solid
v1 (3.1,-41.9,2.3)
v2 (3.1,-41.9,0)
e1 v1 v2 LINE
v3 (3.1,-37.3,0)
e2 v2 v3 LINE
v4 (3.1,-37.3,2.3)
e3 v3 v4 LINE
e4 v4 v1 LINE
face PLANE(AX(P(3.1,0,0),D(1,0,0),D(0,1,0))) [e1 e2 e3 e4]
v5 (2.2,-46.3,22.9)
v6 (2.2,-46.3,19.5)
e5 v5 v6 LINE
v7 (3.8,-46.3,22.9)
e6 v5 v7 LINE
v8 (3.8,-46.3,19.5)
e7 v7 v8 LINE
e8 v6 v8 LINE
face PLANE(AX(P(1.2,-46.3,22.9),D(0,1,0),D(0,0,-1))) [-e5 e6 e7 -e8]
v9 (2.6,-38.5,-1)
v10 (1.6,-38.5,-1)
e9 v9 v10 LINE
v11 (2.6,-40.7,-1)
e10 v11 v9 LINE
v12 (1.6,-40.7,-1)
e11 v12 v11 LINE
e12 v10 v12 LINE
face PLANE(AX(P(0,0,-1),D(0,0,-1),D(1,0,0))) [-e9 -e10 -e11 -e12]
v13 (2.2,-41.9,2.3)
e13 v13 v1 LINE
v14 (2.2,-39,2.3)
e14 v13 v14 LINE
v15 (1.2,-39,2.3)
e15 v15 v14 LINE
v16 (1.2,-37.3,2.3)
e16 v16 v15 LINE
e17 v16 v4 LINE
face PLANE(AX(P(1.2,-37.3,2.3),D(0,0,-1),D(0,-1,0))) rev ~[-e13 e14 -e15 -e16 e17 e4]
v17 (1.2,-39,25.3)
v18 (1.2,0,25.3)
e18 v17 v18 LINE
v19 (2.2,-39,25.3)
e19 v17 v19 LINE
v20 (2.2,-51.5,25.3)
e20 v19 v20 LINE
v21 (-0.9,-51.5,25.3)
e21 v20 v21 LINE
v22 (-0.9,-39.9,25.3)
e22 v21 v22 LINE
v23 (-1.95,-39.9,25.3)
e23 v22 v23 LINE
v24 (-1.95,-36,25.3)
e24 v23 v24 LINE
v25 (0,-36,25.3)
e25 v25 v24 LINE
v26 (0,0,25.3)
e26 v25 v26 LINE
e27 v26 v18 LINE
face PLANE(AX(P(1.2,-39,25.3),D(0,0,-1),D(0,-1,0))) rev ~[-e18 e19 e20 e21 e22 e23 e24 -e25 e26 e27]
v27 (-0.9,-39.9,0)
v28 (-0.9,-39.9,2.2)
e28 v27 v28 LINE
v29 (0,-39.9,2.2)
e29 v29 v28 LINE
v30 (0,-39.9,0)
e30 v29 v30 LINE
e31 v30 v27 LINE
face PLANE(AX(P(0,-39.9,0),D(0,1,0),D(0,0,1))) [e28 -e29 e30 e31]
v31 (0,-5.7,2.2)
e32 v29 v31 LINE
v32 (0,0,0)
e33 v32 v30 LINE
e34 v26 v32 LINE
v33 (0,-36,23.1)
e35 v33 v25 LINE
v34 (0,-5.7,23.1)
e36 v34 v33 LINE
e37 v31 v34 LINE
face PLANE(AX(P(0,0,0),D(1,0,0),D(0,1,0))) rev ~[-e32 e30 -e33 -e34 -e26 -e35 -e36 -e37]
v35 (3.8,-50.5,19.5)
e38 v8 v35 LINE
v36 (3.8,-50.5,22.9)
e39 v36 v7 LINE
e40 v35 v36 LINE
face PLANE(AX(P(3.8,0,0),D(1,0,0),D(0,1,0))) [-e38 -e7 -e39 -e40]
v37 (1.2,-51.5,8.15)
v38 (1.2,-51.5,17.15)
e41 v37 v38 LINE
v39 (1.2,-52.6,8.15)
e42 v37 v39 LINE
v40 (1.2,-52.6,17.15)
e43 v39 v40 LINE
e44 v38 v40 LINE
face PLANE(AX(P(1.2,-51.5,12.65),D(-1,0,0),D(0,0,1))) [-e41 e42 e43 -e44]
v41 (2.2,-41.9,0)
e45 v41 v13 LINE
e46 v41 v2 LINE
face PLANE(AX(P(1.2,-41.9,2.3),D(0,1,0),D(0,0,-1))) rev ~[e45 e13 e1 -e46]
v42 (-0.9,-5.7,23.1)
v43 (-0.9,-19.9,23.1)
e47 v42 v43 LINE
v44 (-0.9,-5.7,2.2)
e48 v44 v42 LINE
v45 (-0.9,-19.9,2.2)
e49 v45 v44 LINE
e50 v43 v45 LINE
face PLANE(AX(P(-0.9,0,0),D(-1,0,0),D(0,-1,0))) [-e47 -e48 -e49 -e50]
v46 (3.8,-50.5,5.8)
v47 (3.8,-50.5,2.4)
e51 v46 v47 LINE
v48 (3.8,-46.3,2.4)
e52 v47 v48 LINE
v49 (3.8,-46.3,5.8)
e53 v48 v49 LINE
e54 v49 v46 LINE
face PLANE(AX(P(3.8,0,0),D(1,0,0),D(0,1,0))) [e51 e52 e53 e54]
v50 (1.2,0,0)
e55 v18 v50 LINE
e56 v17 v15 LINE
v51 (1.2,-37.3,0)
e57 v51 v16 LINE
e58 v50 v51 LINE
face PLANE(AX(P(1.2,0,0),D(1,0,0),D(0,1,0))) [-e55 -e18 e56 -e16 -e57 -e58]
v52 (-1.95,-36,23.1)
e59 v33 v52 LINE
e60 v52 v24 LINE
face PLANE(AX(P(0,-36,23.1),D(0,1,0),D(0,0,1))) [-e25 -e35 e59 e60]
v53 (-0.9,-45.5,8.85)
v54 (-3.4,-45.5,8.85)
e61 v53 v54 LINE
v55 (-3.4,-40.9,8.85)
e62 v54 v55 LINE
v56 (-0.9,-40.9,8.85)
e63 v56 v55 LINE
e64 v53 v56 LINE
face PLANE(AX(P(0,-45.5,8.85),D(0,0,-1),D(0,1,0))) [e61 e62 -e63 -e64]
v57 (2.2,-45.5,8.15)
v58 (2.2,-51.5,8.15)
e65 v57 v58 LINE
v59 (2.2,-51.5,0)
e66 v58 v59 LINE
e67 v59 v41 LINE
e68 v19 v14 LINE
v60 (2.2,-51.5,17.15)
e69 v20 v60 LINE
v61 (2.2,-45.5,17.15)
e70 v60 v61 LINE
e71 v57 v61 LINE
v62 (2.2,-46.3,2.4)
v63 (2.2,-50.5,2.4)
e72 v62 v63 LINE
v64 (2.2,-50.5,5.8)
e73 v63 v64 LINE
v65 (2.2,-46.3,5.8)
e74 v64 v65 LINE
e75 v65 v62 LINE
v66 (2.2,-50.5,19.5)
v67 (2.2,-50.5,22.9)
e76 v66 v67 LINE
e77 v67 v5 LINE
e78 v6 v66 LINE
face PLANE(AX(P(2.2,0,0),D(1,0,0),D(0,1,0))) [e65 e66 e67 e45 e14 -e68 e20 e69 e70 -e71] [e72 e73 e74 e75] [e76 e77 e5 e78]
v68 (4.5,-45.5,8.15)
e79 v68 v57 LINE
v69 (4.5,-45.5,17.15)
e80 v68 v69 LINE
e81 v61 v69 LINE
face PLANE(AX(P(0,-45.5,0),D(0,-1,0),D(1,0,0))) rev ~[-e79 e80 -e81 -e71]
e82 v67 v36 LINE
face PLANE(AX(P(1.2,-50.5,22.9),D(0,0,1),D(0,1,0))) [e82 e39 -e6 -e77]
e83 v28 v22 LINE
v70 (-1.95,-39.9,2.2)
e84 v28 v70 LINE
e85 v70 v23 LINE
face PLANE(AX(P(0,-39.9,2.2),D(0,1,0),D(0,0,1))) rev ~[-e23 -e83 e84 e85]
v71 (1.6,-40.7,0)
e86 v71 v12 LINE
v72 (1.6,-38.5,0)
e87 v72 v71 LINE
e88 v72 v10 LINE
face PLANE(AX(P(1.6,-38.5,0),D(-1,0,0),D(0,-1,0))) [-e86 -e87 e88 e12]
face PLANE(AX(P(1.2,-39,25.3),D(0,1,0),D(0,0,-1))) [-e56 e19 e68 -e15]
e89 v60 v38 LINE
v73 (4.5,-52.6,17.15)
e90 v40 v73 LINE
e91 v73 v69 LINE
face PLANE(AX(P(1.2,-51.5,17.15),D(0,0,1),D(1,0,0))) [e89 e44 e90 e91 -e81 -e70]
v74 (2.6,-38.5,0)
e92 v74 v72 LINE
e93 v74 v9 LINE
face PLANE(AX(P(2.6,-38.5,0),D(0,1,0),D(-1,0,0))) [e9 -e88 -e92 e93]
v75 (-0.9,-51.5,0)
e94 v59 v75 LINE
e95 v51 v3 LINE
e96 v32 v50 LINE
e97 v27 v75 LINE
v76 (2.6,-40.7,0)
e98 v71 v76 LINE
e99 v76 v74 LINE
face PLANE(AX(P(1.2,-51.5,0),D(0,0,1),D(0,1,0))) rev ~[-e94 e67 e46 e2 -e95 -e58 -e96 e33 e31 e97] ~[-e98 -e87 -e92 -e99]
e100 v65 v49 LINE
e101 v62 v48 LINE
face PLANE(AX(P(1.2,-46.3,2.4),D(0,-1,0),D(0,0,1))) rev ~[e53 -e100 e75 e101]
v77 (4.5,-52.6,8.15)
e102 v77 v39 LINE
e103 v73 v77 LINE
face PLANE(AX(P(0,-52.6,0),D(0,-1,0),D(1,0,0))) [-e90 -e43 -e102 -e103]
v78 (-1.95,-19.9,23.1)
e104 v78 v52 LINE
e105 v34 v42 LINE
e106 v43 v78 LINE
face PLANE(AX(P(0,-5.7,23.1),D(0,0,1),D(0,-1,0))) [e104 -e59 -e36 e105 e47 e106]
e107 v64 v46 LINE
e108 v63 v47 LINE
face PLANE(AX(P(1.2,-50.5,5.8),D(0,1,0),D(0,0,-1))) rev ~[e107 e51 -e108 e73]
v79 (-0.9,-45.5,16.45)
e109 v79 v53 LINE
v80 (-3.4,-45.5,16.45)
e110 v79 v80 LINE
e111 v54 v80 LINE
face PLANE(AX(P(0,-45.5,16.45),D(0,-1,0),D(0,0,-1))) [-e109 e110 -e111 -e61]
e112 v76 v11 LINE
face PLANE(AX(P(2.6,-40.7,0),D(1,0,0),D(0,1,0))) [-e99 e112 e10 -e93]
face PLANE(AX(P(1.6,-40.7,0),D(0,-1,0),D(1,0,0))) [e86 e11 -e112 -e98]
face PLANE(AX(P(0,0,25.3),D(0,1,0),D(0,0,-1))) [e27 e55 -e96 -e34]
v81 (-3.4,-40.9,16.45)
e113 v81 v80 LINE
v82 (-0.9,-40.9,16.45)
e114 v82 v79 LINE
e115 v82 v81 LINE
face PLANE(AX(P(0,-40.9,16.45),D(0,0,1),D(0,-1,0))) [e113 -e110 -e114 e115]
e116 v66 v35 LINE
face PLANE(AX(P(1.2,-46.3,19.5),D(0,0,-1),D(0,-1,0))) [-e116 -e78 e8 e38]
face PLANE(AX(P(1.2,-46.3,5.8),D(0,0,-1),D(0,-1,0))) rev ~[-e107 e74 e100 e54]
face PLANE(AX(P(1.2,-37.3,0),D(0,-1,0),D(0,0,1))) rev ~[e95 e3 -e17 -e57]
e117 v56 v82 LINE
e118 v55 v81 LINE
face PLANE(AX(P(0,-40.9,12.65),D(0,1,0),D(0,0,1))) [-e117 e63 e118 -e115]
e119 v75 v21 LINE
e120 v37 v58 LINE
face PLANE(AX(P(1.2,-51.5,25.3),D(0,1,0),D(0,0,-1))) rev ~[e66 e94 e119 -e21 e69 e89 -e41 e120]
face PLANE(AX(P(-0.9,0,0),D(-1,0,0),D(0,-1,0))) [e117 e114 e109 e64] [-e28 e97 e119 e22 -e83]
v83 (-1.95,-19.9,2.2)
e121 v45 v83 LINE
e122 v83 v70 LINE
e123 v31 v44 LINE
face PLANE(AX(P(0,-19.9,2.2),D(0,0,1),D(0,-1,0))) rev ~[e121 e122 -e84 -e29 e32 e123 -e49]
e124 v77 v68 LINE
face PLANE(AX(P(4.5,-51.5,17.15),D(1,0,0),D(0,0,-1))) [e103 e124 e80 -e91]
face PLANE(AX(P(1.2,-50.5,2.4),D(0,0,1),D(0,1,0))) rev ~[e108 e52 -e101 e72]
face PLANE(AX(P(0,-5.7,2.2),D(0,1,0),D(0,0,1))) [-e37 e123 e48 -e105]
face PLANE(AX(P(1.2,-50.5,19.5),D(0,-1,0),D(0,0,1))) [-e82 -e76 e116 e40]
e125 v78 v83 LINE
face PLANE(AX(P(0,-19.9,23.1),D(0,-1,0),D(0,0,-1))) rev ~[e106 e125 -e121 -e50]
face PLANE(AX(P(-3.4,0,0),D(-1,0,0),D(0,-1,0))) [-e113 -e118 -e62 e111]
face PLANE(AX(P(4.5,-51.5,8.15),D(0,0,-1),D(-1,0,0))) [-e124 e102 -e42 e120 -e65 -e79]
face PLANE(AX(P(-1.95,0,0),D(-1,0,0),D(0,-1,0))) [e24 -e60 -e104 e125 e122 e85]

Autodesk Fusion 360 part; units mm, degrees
sketch "Sketch1" plane through (0, 0, 0) normal (1, 0, 0) x (0, 1, 0)
  line L0 (0, 0) -> (-51.5, 0)
  line L1 (-51.5, 0) -> (-51.5, 25.3)
  line L2 (-51.5, 25.3) -> (0, 25.3)
  line L3 (0, 25.3) -> (0, 0)
  dimension "d1" = 25.3
  dimension "d2" = 51.5
extrude "Extrude1" add sketch "Sketch1" along normal blind 1.2 makes body 1
sketch "Sketch2" plane through (0, -51.5, 0) normal (0, -1, 0) x (1, 0, 0)
  line L0 (0, 25.3) -> (0, 0)
  line L1 (0, 0) -> (1.2, 0)
  line L2 (1.2, 0) -> (1.2, 25.3)
  line L3 (1.2, 25.3) -> (0, 25.3)
  line L4 (1.2, 17.15) -> (4.5, 17.15)
  line L5 (4.5, 17.15) -> (4.5, 8.15)
  line L6 (4.5, 8.15) -> (1.2, 8.15)
  line L7 (1.2, 8.15) -> (1.2, 17.15)
  line L8 (4.5, 12.65) -> (1.2, 12.65)
  line L9 (1.2, 25.3) -> (1.2, 0)
  dimension "d5" = 9
  dimension "d7" = 4.5
extrude "Extrude2" add sketch "Sketch2" along normal blind 1.1 and the other way blind 6 separate body contours L2 L4 L5 L7 L8 L9 | L2 L5 L6 L7 L8 L9 makes body 2
sketch "Sketch3" plane through (1.2, 0, 0) normal (1, 0, 0) x (0, 1, 0)
  line L0 (0, 25.3) -> (-51.5, 25.3)
  line L1 (-51.5, 25.3) -> (-51.5, 0)
  line L2 (-51.5, 0) -> (0, 0)
  line L3 (0, 0) -> (0, 25.3)
  line L4 (-50.5, 22.9) -> (-46.3, 22.9)
  line L5 (-46.3, 22.9) -> (-46.3, 19.5)
  line L6 (-46.3, 19.5) -> (-50.5, 19.5)
  line L7 (-50.5, 19.5) -> (-50.5, 22.9)
  line L8 (0, 12.65) -> (-51.5, 12.65)
  line L9 (-46.3, 2.4) -> (-46.3, 5.8)
  line L10 (-50.5, 2.4) -> (-46.3, 2.4)
  line L11 (-50.5, 5.8) -> (-50.5, 2.4)
  line L12 (-46.3, 5.8) -> (-50.5, 5.8)
  dimension "d12" = 3.4
  dimension "d13" = 4.2
  dimension "d14" = 2.4
  dimension "d15" = 1
extrude "Extrude3" add sketch "Sketch3" along normal blind 2.6 contours L4 L5 L6 L7 | L9 L10 L11 L12 bodies 1
sketch "Sketch4" plane through (0, 0, 0) normal (-1, 0, 0) x (0, -1, 0)
  line L0 (51.5, 25.3) -> (0, 25.3)
  line L1 (0, 25.3) -> (0, 0)
  line L2 (0, 0) -> (51.5, 0)
  line L3 (51.5, 0) -> (51.5, 25.3)
  line L4 (40.9, 16.45) -> (45.5, 16.45)
  line L5 (45.5, 16.45) -> (45.5, 8.85)
  line L6 (45.5, 8.85) -> (40.9, 8.85)
  line L7 (40.9, 8.85) -> (40.9, 16.45)
  line L8 (51.5, 25.3) -> (51.5, 0)
  line L9 (40.9, 12.65) -> (45.5, 12.65)
  line L10 (51.5, 12.65) -> (0, 12.65)
  dimension "d18" = 7.6
  dimension "d19" = 4.6
  dimension "d20" = 6
extrude "Extrude4" add sketch "Sketch4" along normal blind 3.4 contours L4 L5 L7 L9 L10 | L5 L6 L7 L9 L10 bodies 1
sketch "Sketch5" plane through (1.2, 0, 0) normal (1, 0, 0) x (0, 1, 0)
  line L0 (-46.3, 5.8) -> (-46.3, 2.4)
  line L1 (-46.3, 2.4) -> (-50.5, 2.4)
  line L2 (-50.5, 2.4) -> (-50.5, 5.8)
  line L3 (-50.5, 5.8) -> (-46.3, 5.8)
  line L4 (-50.5, 19.5) -> (-50.5, 22.9)
  line L5 (-50.5, 22.9) -> (-46.3, 22.9)
  line L6 (-46.3, 22.9) -> (-46.3, 19.5)
  line L7 (-46.3, 19.5) -> (-50.5, 19.5)
  line L8 (0, 25.3) -> (-51.5, 25.3)
  line L9 (-51.5, 25.3) -> (-51.5, 0)
  line L10 (-51.5, 0) -> (0, 0)
  line L11 (0, 0) -> (0, 25.3)
  line L12 (-41.9, 0) -> (-37.3, 0)
  line L13 (-37.3, 0) -> (-37.3, 2.3)
  line L14 (-37.3, 2.3) -> (-41.9, 2.3)
  line L15 (-41.9, 2.3) -> (-41.9, 0)
  dimension "d23" = 4.6
  dimension "d24" = 2.3
  dimension "d25" = 14.2
extrude "Extrude5" add sketch "Sketch5" along normal blind 1.9 contours L10 L12 L13 L14 L15 bodies 1
sketch "Sketch6" plane through (0, 0, 0) normal (0, 0, -1) x (1, 0, 0)
  line L0 (0, 51.5) -> (0, 0)
  line L1 (0, 0) -> (1.2, 0)
  line L2 (1.2, 0) -> (1.2, 37.3)
  line L3 (1.2, 37.3) -> (3.1, 37.3)
  line L4 (3.1, 37.3) -> (3.1, 41.9)
  line L5 (3.1, 41.9) -> (1.2, 41.9)
  line L6 (1.2, 41.9) -> (1.2, 51.5)
  line L7 (1.2, 51.5) -> (0, 51.5)
  line L8 (1.6, 40.7) -> (2.6, 40.7)
  line L9 (2.6, 40.7) -> (2.6, 38.5)
  line L10 (2.6, 38.5) -> (1.6, 38.5)
  line L11 (1.6, 38.5) -> (1.6, 40.7)
  dimension "d28" = 1.2
  dimension "d29" = 1.2
  dimension "d30" = 0.5
  dimension "d31" = 1
extrude "Extrude6" add sketch "Sketch6" along normal blind 1 contours L8 L9 L10 L11 bodies 1
sketch "Sketch7" plane through (0, 0, 0) normal (-1, 0, 0) x (0, -1, 0)
  line L0 (40.9, 8.85) -> (40.9, 16.45)
  line L1 (40.9, 16.45) -> (45.5, 16.45)
  line L2 (45.5, 16.45) -> (45.5, 8.85)
  line L3 (45.5, 8.85) -> (40.9, 8.85)
  line L4 (51.5, 25.3) -> (0, 25.3)
  line L5 (0, 25.3) -> (0, 0)
  line L6 (0, 0) -> (51.5, 0)
  line L7 (51.5, 0) -> (51.5, 25.3)
  line L8 (39.9, 25.3) -> (19.9, 25.3)
  line L9 (19.9, 25.3) -> (19.9, 2.2)
  line L10 (19.9, 2.2) -> (39.9, 2.2)
  line L11 (39.9, 2.2) -> (39.9, 25.3)
  line L12 (39.9, 25.3) -> (51.5, 25.3)
  line L13 (51.5, 25.3) -> (51.5, 0)
  line L14 (51.5, 0) -> (39.9, 0)
  line L15 (39.9, 0) -> (39.9, 25.3)
  line L16 (5.7, 23.1) -> (19.9, 23.1)
  line L17 (19.9, 23.1) -> (19.9, 2.2)
  line L18 (19.9, 2.2) -> (5.7, 2.2)
  line L19 (5.7, 2.2) -> (5.7, 23.1)
  line L20 (19.9, 23.1) -> (36, 23.1)
  line L21 (36, 23.1) -> (36, 25.3)
  dimension "d34" = 1
  dimension "d35" = 20
  dimension "d36" = 2.2
  dimension "d37" = 5.7
  dimension "d38" = 2.2
  dimension "d39" = 2.2
  dimension "d40" = 36
extrude "Extrude7" add sketch "Sketch7" along normal blind 1.95 contours L4 L8 L9 L10 L11 L15 L17 L20 L21 bodies 1
extrude "Extrude8" add sketch "Sketch7" along normal blind 0.9 contours L4 L6 L7 L11 L12 L13 L14 L15 | L9 L16 L17 L18 L19 bodies 1
sketch "Sketch8" plane through (1.2, 0, 0) normal (1, 0, 0) x (0, 1, 0)
  line L0 (-37.3, 2.3) -> (-37.3, 0)
  line L1 (-37.3, 0) -> (0, 0)
  line L2 (0, 0) -> (0, 25.3)
  line L3 (0, 25.3) -> (-51.5, 25.3)
  line L4 (-51.5, 25.3) -> (-51.5, 0)
  line L5 (-51.5, 0) -> (-41.9, 0)
  line L6 (-41.9, 0) -> (-41.9, 2.3)
  line L7 (-41.9, 2.3) -> (-37.3, 2.3)
  line L8 (-46.3, 5.8) -> (-46.3, 2.4)
  line L9 (-46.3, 2.4) -> (-50.5, 2.4)
  line L10 (-50.5, 2.4) -> (-50.5, 5.8)
  line L11 (-50.5, 5.8) -> (-46.3, 5.8)
  line L12 (-50.5, 19.5) -> (-50.5, 22.9)
  line L13 (-50.5, 22.9) -> (-46.3, 22.9)
  line L14 (-46.3, 22.9) -> (-46.3, 19.5)
  line L15 (-46.3, 19.5) -> (-50.5, 19.5)
  line L16 (-51.5, 25.3) -> (-39, 25.3)
  line L17 (-39, 25.3) -> (-39, 0)
  line L18 (-39, 0) -> (-51.5, 0)
  line L19 (-51.5, 0) -> (-51.5, 25.3)
  dimension "d45" = 12.5
extrude "Extrude9" add sketch "Sketch8" along normal blind 1 contours L3 L4 L5 L6 L7 L16 L17 L18 L19 bodies 2 1
equation "d38 = d36"
equation "d39 = d38"
equation "d41 = 3.15 mm - 1.2 mm"
equation "d43 = 2.1 mm - 1.2 mm"
